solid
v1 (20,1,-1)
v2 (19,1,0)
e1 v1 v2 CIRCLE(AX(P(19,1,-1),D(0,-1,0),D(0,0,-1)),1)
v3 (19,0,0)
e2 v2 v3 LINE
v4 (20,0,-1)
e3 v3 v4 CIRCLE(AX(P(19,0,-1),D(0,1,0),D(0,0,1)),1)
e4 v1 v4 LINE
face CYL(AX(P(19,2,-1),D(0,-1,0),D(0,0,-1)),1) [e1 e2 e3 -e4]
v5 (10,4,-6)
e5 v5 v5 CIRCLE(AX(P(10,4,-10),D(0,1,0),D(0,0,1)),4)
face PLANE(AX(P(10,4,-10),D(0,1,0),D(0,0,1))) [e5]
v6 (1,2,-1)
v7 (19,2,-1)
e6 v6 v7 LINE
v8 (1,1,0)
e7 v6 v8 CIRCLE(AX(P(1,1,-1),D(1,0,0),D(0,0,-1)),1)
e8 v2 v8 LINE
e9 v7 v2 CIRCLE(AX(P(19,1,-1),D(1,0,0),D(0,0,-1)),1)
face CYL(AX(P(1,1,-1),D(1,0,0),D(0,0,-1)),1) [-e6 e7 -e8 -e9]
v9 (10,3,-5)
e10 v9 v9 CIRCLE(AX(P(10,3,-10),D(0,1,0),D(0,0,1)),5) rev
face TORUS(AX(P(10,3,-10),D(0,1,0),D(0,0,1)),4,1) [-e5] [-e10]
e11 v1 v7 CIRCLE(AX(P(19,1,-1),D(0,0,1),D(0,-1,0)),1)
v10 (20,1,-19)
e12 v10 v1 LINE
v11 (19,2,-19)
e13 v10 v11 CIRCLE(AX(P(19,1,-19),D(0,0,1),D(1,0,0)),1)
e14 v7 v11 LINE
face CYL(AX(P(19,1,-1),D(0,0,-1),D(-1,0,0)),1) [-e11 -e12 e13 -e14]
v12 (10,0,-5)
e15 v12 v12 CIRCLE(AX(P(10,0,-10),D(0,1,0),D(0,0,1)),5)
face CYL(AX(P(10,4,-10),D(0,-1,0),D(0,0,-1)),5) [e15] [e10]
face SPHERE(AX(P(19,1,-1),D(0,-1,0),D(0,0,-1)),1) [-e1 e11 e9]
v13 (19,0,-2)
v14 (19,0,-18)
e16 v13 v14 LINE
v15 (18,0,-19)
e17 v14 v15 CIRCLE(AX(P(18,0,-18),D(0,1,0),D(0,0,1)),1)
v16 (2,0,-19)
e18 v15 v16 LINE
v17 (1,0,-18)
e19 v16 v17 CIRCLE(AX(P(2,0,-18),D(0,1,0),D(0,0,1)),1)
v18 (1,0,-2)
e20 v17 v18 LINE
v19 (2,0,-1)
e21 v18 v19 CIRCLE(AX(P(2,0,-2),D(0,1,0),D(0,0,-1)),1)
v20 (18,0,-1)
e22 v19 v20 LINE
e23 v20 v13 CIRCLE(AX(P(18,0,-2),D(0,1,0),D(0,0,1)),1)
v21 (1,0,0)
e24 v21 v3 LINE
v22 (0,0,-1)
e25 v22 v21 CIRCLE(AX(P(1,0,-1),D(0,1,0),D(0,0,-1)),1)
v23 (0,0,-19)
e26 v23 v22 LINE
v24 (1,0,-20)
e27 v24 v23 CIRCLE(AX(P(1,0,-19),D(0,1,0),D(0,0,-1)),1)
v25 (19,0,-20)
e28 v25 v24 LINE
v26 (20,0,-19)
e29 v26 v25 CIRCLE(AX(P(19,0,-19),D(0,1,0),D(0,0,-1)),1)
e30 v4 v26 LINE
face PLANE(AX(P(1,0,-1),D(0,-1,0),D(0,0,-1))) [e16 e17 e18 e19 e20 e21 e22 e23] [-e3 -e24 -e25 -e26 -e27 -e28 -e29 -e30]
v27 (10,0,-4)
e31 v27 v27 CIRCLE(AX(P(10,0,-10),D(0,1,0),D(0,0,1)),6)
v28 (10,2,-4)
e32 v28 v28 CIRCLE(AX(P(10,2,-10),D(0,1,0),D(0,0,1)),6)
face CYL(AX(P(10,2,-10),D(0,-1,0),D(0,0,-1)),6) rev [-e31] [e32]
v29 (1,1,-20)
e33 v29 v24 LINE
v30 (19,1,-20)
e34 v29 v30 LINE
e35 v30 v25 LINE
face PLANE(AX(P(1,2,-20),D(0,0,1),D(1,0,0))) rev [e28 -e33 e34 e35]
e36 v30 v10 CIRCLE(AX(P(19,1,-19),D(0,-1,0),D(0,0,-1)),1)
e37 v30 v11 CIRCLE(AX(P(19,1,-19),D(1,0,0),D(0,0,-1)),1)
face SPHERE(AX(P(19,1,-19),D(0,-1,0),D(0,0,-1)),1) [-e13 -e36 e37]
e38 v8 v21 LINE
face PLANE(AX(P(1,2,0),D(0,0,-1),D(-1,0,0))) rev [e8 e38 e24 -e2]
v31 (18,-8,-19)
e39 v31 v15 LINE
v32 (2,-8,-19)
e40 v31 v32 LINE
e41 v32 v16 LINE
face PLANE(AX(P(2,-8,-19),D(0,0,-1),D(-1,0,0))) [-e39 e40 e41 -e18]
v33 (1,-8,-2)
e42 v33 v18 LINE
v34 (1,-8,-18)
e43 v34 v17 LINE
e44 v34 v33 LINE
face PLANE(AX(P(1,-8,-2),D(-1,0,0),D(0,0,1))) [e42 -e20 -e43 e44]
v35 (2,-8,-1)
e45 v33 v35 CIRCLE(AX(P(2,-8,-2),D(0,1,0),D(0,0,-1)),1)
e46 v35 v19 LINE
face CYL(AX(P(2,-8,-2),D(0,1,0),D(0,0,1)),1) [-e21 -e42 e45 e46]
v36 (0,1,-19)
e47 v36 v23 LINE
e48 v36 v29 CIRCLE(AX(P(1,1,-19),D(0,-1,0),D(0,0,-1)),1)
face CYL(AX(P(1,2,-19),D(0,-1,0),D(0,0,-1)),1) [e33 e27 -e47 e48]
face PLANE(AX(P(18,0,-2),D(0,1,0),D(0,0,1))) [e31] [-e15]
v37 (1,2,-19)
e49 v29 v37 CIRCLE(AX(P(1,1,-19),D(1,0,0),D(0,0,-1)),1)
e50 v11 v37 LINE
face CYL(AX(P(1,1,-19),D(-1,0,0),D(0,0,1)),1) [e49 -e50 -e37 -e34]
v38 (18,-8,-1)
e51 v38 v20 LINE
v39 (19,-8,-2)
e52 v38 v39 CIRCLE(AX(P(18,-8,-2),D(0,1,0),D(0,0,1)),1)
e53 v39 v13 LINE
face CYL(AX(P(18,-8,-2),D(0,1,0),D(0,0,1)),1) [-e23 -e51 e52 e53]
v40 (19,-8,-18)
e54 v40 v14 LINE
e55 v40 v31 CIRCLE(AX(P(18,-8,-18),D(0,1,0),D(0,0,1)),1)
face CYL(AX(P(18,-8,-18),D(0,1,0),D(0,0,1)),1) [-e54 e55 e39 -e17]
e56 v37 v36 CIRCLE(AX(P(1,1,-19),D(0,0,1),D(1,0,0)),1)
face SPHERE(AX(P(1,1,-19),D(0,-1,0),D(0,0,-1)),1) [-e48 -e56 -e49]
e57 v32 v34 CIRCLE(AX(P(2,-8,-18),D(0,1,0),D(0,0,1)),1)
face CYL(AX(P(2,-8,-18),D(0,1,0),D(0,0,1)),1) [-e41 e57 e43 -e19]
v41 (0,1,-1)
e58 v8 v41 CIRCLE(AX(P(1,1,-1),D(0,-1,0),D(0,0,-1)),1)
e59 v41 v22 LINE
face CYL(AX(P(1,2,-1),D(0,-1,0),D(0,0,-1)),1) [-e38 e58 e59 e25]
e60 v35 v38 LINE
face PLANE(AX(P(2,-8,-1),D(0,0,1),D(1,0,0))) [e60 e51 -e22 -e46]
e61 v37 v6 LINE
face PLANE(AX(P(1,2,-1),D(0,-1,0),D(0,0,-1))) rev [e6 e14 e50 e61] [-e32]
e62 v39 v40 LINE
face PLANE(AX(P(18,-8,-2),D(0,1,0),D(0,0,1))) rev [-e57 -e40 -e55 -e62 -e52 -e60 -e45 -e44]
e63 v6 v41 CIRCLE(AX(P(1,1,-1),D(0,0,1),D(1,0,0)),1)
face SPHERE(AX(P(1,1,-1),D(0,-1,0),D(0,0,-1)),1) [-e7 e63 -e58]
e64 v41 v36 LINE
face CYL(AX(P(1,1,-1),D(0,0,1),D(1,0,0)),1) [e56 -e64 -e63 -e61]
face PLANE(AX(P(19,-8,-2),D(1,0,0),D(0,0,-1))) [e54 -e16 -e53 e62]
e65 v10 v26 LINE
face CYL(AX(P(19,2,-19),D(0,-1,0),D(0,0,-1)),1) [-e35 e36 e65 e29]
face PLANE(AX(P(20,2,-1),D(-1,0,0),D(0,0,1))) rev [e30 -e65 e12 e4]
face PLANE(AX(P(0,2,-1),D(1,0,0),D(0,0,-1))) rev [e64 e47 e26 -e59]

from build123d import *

# Parameters (mm, degrees)
SKETCH1_R           = 6
BOSS_EXTRUDE1_DEPTH = 2
BOSS_EXTRUDE2_DEPTH = 8
SKETCH3_R           = 5
BOSS_EXTRUDE3_DEPTH = 4
FILLET1_R           = 1


with BuildPart() as part:
    # Sketch1 → Boss-Extrude1 (new body)
    with BuildSketch(Plane(origin=(0, 0, 0), x_dir=(1, 0, 0), z_dir=(0, 1, 0))):
        with BuildLine():
            Line((1, 0), (19, 0))
            ThreePointArc((19, 0), (19.707106781, 0.292893219), (20, 1))
            Line((20, 1), (20, 19))
            ThreePointArc((20, 19), (19.707106781, 19.707106781), (19, 20))
            Line((19, 20), (1, 20))
            ThreePointArc((1, 20), (0.292893219, 19.707106781), (0, 19))
            Line((0, 19), (0, 1))
            ThreePointArc((0, 1), (0.292893219, 0.292893219), (1, 0))
        make_face()
        with Locations(Location((10, 10, 0), (0, 0, 270))):
            Circle(SKETCH1_R, mode=Mode.SUBTRACT)
    extrude(amount=BOSS_EXTRUDE1_DEPTH)

    # Sketch2 → Boss-Extrude2 (add)
    with BuildSketch(Plane(origin=(0, 0, 0), x_dir=(1, 0, 0), z_dir=(0, 1, 0))):
        with BuildLine():
            Line((2, 1), (18, 1))
            ThreePointArc((18, 1), (18.707106781, 1.292893219), (19, 2))
            Line((19, 2), (19, 18))
            ThreePointArc((19, 18), (18.707106781, 18.707106781), (18, 19))
            Line((18, 19), (2, 19))
            ThreePointArc((2, 19), (1.292893219, 18.707106781), (1, 18))
            Line((1, 18), (1, 2))
            ThreePointArc((1, 2), (1.292893219, 1.292893219), (2, 1))
        make_face()
    extrude(amount=-BOSS_EXTRUDE2_DEPTH)

    # Sketch3 → Boss-Extrude3 (add)
    with BuildSketch(Plane(origin=(0, 0, 0), x_dir=(1, 0, 0), z_dir=(0, 1, 0))):
        with Locations(Location((10, 10, 0), (0, 0, 270))):
            Circle(SKETCH3_R)
    extrude(amount=BOSS_EXTRUDE3_DEPTH)

    # Fillet1
    fillet1_edges = [part.edges().sort_by_distance(p)[0] for p in [
        (19.707106781, 2, -0.292893219),
        (20, 2, -10),
        (19.707106781, 2, -19.707106781),
        (10, 2, -20),
        (0.292893219, 2, -19.707106781),
        (0, 2, -10),
        (0.292893219, 2, -0.292893219),
        (10, 4, -15),
        (10, 2, 0),
    ]]
    fillet(fillet1_edges, radius=FILLET1_R)


solid = part.part
